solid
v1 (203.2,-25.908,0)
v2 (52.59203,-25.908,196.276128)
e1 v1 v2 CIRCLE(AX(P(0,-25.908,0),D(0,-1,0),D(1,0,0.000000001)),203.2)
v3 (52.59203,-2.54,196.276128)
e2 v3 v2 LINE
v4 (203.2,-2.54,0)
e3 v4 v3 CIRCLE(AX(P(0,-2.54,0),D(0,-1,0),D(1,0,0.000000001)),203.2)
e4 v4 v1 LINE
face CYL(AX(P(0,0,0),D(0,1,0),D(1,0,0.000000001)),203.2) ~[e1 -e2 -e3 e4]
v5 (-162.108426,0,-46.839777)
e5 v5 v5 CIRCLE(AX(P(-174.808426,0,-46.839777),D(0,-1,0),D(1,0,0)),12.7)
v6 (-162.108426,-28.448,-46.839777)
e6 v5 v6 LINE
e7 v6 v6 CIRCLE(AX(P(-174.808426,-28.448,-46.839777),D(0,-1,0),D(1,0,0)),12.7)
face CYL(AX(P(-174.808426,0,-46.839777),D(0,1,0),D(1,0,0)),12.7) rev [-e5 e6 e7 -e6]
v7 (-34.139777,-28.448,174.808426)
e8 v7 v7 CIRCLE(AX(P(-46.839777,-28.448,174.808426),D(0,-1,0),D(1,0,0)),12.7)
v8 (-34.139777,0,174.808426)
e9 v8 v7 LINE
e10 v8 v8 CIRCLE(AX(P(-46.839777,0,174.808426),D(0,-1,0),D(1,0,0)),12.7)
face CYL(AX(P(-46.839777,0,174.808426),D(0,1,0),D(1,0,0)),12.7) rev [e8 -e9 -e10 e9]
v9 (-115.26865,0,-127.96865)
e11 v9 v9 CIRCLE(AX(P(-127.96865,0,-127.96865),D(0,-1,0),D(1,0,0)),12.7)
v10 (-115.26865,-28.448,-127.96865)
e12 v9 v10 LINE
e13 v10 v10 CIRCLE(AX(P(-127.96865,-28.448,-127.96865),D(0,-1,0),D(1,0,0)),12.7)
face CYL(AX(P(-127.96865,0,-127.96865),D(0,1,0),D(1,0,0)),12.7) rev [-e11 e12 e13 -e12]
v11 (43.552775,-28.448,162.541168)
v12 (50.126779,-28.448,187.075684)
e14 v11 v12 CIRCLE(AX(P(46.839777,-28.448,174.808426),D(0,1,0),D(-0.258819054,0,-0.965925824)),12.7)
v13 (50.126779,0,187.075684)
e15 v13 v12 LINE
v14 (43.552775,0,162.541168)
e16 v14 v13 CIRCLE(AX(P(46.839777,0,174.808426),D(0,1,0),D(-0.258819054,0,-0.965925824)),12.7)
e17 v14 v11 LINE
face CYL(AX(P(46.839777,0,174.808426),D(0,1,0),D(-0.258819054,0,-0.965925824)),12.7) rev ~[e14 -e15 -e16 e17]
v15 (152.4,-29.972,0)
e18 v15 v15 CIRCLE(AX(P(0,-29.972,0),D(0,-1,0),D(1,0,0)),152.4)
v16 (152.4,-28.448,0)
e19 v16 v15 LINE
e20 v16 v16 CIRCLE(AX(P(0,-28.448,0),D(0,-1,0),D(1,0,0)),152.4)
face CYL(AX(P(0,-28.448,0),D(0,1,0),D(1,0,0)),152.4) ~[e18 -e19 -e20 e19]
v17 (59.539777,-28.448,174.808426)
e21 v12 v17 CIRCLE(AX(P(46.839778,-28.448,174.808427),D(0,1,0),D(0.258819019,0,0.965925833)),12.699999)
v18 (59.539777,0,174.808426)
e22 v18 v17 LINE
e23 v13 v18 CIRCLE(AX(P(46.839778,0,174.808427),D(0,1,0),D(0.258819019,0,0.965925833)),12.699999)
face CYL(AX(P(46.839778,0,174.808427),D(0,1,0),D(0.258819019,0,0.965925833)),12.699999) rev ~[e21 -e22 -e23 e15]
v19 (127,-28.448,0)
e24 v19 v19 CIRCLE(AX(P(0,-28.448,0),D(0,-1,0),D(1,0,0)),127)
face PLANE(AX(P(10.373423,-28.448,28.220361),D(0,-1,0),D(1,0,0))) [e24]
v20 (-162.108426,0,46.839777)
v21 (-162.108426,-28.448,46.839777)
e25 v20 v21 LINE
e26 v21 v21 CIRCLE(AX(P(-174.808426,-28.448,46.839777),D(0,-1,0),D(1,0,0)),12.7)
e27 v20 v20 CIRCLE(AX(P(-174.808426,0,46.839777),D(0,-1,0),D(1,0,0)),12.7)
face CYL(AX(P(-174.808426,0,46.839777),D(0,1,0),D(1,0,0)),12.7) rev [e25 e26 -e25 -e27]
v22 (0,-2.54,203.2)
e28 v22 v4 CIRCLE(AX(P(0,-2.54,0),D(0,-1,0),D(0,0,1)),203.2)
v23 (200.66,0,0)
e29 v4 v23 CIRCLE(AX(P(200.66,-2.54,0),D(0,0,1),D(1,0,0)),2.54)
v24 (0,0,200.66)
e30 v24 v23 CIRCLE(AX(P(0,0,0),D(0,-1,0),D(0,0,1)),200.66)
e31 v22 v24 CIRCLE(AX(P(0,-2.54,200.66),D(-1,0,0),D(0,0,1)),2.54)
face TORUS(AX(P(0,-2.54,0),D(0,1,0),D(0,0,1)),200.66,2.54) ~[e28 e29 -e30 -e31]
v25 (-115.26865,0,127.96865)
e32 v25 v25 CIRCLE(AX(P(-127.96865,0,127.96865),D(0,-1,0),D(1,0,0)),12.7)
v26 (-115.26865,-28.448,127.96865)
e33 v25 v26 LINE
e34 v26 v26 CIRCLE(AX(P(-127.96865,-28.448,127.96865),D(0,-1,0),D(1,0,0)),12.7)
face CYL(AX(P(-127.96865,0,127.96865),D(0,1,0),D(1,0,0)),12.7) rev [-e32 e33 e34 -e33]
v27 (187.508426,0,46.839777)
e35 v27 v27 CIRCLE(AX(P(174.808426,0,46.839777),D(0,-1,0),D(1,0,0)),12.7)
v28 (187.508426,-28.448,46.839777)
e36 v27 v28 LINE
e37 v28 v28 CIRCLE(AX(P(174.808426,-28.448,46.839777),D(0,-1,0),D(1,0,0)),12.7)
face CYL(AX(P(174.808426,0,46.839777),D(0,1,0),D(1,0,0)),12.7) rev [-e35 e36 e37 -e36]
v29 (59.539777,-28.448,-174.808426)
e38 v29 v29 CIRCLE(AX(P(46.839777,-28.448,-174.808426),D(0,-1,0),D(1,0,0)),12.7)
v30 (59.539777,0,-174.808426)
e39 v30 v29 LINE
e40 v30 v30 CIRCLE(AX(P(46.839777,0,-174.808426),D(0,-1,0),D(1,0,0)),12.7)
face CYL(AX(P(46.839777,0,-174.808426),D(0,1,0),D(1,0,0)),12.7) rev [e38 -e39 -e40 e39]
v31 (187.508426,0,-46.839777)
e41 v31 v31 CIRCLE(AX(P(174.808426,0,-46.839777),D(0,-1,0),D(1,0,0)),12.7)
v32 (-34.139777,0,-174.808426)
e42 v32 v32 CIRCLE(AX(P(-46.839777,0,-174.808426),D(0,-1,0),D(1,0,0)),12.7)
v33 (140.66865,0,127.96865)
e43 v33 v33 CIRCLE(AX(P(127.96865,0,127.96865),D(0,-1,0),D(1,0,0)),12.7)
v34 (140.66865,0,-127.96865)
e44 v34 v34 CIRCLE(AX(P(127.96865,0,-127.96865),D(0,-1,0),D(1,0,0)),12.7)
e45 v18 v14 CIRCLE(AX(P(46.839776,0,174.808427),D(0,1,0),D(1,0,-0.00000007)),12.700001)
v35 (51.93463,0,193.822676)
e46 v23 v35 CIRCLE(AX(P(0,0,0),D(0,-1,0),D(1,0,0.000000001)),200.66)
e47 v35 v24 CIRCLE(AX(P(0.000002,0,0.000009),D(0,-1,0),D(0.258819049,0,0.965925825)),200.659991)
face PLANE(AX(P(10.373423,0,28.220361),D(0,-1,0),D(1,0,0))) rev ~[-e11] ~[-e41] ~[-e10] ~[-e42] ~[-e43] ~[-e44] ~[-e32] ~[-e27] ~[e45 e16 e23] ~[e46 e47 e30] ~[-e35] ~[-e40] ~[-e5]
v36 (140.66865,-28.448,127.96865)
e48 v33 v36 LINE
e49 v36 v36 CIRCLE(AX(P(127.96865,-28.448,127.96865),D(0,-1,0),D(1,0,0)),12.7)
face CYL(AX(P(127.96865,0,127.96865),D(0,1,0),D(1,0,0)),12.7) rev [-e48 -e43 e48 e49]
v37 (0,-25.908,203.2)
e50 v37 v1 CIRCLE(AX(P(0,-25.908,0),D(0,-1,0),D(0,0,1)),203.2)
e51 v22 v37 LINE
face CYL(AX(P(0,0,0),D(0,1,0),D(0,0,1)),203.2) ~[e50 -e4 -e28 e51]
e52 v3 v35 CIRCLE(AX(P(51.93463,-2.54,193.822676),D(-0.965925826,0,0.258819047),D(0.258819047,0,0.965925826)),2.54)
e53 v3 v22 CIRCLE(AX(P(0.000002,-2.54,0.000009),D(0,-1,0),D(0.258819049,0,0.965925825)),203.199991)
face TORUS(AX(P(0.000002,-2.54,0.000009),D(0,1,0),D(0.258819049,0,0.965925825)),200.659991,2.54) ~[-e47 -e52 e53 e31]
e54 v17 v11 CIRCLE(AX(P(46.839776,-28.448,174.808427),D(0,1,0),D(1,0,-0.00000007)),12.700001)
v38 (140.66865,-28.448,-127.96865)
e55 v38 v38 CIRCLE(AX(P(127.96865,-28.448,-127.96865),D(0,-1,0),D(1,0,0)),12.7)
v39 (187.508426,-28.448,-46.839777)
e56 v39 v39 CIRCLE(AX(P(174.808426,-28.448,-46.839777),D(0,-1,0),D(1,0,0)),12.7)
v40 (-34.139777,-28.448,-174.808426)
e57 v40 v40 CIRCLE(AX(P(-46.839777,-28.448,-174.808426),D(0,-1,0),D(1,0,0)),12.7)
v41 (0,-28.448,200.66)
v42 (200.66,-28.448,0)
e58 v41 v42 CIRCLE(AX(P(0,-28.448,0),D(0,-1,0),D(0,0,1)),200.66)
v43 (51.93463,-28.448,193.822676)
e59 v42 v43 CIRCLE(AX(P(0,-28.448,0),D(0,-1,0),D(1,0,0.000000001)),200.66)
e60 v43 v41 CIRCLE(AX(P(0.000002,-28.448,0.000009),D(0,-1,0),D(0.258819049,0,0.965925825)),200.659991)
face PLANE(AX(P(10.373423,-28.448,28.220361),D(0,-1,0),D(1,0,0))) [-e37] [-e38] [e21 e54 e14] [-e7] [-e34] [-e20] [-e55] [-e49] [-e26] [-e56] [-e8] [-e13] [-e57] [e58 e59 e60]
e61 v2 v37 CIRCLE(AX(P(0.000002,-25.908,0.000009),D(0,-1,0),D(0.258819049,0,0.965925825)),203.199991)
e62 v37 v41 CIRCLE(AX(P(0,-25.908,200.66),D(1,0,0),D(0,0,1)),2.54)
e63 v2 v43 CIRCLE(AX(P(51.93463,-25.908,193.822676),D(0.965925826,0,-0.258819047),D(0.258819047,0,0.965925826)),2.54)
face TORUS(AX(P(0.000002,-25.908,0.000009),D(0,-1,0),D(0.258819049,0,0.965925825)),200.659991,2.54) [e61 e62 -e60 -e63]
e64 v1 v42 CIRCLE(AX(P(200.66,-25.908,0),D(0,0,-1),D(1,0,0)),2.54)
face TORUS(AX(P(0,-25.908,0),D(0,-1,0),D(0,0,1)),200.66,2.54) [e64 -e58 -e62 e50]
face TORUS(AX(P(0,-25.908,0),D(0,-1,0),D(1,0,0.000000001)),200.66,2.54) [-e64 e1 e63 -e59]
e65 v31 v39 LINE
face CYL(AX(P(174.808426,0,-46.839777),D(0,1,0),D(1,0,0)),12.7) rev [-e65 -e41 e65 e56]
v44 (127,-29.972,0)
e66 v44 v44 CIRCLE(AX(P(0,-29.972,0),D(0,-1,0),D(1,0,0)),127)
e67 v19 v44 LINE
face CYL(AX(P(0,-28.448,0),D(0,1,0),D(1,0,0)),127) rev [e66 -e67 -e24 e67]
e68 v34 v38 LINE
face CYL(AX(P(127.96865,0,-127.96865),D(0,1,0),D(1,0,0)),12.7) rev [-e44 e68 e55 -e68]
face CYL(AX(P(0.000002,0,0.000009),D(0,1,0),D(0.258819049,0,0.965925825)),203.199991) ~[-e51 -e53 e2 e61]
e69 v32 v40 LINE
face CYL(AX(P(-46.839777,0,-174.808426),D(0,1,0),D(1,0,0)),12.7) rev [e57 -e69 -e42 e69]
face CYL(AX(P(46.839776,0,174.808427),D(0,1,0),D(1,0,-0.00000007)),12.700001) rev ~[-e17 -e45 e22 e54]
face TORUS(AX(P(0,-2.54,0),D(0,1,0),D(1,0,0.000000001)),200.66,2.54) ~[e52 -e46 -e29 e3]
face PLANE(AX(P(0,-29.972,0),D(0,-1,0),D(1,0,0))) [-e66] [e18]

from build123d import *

# Parameters (mm, degrees)
F0_R     = 12.7
F1_DEPTH = 28.448
F2_R     = 2.54
F3_R     = 152.4
F3_R_2   = 127
F4_DEPTH = 1.524


with BuildPart() as f1:
    # F0 (on Front) → F1 (new body)
    with BuildSketch(Plane.XZ):
        with BuildLine():
            ThreePointArc((0, 203.2), (-143.684098, -143.684098), (203.2, 0))
            ThreePointArc((203.2, 0), (161.209399, 123.700322), (52.59203, 196.276128))
            Line((52.59203, 196.276128), (50.126779, 187.075684))
            ThreePointArc((50.126779, 187.075684), (56.915364, 182.539697), (59.539777, 174.808426))
            ThreePointArc((59.539777, 174.808426), (54.571047, 164.732839), (43.552775, 162.541168))
            Line((43.552775, 162.541168), (0, 0))
            Line((0, 0), (0, 203.2))
        make_face()
        with Locations((-127.96865, -127.96865)):
            Circle(F0_R, mode=Mode.SUBTRACT)
        with Locations((-46.839777, -174.808426)):
            Circle(F0_R, mode=Mode.SUBTRACT)
        with Locations((-174.808426, -46.839777)):
            Circle(F0_R, mode=Mode.SUBTRACT)
        with Locations((46.839777, -174.808426)):
            Circle(F0_R, mode=Mode.SUBTRACT)
        with Locations((127.96865, -127.96865)):
            Circle(F0_R, mode=Mode.SUBTRACT)
        with Locations((174.808426, -46.839777)):
            Circle(F0_R, mode=Mode.SUBTRACT)
        with Locations((-174.808426, 46.839777)):
            Circle(F0_R, mode=Mode.SUBTRACT)
        with Locations((-127.96865, 127.96865)):
            Circle(F0_R, mode=Mode.SUBTRACT)
        with Locations((-46.839777, 174.808426)):
            Circle(F0_R, mode=Mode.SUBTRACT)
        with Locations((174.808426, 46.839777)):
            Circle(F0_R, mode=Mode.SUBTRACT)
        with Locations((127.96865, 127.96865)):
            Circle(F0_R, mode=Mode.SUBTRACT)
        with BuildLine():
            Line((50.126779, 187.075684), (52.59203, 196.276128))
            ThreePointArc((52.59203, 196.276128), (26.522922, 201.461596), (0, 203.2))
            Line((0, 203.2), (0, 0))
            Line((0, 0), (43.552775, 162.541168))
            ThreePointArc((43.552775, 162.541168), (34.572519, 178.095428), (50.126779, 187.075684))
        make_face()
    extrude(amount=F1_DEPTH)

    # F2
    f2_edges = [f1.edges().sort_by_distance(p)[0] for p in [
        (-203.2, -28.448, 0),
        (-203.2, 0, 0),
    ]]
    fillet(f2_edges, radius=F2_R)

    # F3 (on face) → F4 (join)
    with BuildSketch(Plane.XZ.offset(28.448)):
        Circle(F3_R)
        Circle(F3_R_2, mode=Mode.SUBTRACT)
    extrude(amount=F4_DEPTH)


solid = f1.part
